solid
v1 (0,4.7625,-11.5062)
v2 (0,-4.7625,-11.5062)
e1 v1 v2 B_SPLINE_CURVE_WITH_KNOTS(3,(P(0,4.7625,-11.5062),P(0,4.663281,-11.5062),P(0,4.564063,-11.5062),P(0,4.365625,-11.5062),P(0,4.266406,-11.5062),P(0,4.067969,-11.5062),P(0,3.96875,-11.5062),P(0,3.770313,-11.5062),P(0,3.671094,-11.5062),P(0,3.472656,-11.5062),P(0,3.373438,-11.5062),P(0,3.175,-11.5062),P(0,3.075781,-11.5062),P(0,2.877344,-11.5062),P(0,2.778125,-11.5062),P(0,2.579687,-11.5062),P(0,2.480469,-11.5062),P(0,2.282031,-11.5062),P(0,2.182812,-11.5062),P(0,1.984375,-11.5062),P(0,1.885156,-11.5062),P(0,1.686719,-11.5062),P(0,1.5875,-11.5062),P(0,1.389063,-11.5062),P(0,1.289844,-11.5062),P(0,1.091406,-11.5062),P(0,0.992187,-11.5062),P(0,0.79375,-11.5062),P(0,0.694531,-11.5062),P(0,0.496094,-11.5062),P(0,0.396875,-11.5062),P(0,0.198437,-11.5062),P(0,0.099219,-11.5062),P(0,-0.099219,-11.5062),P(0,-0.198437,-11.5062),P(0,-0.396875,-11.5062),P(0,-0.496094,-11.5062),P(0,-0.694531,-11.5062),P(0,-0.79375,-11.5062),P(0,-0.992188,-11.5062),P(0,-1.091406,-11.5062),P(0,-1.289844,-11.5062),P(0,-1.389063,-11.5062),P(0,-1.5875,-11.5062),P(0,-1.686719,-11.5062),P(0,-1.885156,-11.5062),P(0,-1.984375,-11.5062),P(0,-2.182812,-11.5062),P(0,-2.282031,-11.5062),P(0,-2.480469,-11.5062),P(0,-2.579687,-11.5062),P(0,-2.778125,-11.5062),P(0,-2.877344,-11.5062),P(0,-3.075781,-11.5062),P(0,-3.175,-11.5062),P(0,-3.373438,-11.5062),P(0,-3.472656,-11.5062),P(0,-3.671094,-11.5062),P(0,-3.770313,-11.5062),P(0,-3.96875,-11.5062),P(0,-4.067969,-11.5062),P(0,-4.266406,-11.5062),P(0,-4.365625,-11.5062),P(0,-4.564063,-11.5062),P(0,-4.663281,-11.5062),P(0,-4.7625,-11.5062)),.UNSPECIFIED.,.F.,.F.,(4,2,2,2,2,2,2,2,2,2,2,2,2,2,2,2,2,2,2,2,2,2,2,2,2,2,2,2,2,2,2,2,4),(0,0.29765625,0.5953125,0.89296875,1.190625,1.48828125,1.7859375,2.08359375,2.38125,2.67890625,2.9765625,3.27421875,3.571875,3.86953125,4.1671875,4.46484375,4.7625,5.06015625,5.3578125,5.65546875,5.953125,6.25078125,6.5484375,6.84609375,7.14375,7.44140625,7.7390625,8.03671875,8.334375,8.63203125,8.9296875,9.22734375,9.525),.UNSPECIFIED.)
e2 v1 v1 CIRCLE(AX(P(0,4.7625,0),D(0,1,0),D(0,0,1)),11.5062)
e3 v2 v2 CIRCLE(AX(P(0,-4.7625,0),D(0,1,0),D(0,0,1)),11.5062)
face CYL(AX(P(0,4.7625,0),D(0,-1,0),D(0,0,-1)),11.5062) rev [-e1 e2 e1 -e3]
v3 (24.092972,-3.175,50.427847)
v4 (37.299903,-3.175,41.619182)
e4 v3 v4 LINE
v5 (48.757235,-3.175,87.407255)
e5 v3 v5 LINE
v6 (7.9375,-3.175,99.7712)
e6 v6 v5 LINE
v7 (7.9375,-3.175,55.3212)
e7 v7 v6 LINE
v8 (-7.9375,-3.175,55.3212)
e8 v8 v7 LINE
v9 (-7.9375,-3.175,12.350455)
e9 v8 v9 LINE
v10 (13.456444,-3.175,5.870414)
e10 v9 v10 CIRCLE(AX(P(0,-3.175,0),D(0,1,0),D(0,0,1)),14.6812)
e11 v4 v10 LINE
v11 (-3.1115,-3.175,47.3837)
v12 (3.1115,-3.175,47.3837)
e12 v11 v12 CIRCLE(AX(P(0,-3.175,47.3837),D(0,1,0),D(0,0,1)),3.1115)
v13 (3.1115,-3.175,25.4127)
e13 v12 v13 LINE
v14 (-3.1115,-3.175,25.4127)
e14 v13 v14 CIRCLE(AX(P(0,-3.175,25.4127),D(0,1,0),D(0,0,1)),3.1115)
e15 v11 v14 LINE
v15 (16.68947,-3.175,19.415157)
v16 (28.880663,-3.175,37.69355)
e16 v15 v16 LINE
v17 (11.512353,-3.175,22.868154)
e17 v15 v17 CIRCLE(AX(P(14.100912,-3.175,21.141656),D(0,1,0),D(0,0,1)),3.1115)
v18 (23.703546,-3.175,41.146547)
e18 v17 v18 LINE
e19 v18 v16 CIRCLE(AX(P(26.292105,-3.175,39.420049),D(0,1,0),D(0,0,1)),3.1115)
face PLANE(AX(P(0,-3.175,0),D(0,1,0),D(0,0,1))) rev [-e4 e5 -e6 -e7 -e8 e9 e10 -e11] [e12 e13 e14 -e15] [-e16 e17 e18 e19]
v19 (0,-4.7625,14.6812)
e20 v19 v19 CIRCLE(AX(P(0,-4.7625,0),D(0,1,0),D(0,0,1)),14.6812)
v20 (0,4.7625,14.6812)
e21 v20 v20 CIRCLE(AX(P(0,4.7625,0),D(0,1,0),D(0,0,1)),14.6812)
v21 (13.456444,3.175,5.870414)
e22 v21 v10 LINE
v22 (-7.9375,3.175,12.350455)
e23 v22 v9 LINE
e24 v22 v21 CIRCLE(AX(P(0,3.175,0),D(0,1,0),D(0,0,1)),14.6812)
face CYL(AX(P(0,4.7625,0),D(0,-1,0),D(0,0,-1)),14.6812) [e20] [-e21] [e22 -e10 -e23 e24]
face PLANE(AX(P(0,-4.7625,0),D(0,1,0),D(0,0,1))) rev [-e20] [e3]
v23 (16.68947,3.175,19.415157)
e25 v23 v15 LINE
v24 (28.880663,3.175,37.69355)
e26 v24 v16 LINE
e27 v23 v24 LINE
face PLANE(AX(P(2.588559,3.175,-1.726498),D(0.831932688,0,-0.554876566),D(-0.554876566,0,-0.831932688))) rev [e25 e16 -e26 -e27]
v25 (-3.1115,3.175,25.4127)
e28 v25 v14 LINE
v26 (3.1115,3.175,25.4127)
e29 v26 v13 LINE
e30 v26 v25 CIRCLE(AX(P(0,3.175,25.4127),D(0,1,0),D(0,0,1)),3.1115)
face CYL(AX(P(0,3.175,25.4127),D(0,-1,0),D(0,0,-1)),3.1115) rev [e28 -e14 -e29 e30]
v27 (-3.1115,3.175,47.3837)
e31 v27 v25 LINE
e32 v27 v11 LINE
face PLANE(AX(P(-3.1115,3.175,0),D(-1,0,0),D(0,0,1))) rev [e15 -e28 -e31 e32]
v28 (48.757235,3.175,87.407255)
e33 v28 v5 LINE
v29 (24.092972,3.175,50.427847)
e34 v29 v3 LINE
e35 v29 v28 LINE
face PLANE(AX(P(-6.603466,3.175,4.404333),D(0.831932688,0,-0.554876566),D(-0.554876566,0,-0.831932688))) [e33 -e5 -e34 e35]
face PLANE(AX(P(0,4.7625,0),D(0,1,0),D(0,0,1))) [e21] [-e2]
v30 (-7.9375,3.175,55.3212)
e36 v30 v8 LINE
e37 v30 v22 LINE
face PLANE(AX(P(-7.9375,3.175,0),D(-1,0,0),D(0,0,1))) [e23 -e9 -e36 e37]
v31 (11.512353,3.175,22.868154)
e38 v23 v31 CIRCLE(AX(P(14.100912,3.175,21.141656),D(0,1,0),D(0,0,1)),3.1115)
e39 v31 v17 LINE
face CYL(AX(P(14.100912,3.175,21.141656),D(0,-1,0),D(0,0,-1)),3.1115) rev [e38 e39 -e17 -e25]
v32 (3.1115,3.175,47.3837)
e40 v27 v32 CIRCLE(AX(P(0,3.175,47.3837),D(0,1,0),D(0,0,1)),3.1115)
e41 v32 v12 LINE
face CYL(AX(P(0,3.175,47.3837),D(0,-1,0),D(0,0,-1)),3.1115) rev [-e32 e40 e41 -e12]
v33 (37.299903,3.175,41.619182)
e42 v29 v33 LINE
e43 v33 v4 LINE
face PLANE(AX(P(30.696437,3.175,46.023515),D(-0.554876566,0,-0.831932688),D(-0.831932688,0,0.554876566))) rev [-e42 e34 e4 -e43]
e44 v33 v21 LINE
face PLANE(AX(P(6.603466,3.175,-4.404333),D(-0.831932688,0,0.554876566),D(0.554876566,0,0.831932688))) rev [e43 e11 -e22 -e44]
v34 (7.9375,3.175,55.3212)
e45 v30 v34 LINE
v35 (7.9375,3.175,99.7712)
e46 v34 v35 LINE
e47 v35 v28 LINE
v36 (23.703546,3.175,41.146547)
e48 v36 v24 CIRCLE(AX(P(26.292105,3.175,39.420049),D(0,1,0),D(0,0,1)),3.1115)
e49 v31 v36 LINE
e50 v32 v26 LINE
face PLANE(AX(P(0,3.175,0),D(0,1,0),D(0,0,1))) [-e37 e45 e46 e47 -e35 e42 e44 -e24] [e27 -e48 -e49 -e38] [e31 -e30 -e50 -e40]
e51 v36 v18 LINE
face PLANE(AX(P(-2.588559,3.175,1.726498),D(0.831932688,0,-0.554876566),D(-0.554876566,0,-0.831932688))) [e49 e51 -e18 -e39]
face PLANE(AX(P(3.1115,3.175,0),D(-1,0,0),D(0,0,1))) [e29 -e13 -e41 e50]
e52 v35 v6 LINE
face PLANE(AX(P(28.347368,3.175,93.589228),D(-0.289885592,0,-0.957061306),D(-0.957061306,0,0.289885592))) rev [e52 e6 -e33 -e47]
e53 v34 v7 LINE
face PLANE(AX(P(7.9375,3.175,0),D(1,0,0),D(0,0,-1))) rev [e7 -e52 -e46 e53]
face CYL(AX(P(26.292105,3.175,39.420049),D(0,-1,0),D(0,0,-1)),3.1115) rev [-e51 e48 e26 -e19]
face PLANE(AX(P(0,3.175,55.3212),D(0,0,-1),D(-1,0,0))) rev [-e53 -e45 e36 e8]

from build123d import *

# Parameters (mm, degrees)
SKETCH1_R             = 11.5062
BEARING_EXTRUDE_DEPTH = 4.7625
BOSS_EXTRUDE2_DEPTH   = 3.175


with BuildPart() as part:
    # Sketch1 → Bearing extrude (new, symmetric)
    with BuildSketch(Plane(origin=(0, 0, 0), x_dir=(1, 0, 0), z_dir=(0, 1, 0))):
        with BuildLine():
            ThreePointArc((14.6812, 0), (-7.035822924, 12.885450292), (-7.9375, -12.350454534))
            ThreePointArc((-7.9375, -12.350454534), (4.255868346, -14.050808449), (13.456443505, -5.870414094))
            ThreePointArc((13.456443505, -5.870414094), (14.371749577, -2.998407498), (14.6812, 0))
        make_face()
        Circle(SKETCH1_R, mode=Mode.SUBTRACT)
    extrude(amount=BEARING_EXTRUDE_DEPTH, both=True)

    # Sketch1<5> → Boss-Extrude2 (add, symmetric)
    with BuildSketch(Plane(origin=(0, 0, 0), x_dir=(1, 0, 0), z_dir=(0, 1, 0))):
        with BuildLine():
            Line((-7.9375, -12.350454534), (-7.9375, -55.3212))
            Line((-7.9375, -55.3212), (7.9375, -55.3212))
            Line((7.9375, -55.3212), (7.9375, -99.7712))
            Line((7.9375, -99.7712), (48.757235106, -87.407255308))
            Line((48.757235106, -87.407255308), (24.09297176, -50.427847341))
            Line((24.09297176, -50.427847341), (30.696437468, -46.023514601))
            Line((30.696437468, -46.023514601), (37.299903176, -41.61918186))
            Line((37.299903176, -41.61918186), (13.456443505, -5.870414094))
            ThreePointArc((13.456443505, -5.870414094), (4.255868346, -14.050808449), (-7.9375, -12.350454534))
        make_face()
        with BuildLine():
            ThreePointArc((3.1115, -47.3837), (0, -50.4952), (-3.1115, -47.3837))
            Line((-3.1115, -47.3837), (-3.1115, -25.4127))
            ThreePointArc((-3.1115, -25.4127), (0, -22.3012), (3.1115, -25.4127))
            Line((3.1115, -25.4127), (3.1115, -47.3837))
        make_face(mode=Mode.SUBTRACT)
        with BuildLine():
            ThreePointArc((28.880663285, -37.693550458), (29.343310788, -40.029617452), (28.018603162, -42.00860745))
            ThreePointArc((28.018603162, -42.00860745), (25.682536168, -42.471254953), (23.70354617, -41.146547327))
            Line((23.70354617, -41.146547327), (11.512353144, -22.868154246))
            ThreePointArc((11.512353144, -22.868154246), (12.374413268, -18.553097254), (16.68947026, -19.415157378))
            Line((16.68947026, -19.415157378), (28.880663285, -37.693550458))
        make_face(mode=Mode.SUBTRACT)
    extrude(amount=BOSS_EXTRUDE2_DEPTH, both=True)


solid = part.part
